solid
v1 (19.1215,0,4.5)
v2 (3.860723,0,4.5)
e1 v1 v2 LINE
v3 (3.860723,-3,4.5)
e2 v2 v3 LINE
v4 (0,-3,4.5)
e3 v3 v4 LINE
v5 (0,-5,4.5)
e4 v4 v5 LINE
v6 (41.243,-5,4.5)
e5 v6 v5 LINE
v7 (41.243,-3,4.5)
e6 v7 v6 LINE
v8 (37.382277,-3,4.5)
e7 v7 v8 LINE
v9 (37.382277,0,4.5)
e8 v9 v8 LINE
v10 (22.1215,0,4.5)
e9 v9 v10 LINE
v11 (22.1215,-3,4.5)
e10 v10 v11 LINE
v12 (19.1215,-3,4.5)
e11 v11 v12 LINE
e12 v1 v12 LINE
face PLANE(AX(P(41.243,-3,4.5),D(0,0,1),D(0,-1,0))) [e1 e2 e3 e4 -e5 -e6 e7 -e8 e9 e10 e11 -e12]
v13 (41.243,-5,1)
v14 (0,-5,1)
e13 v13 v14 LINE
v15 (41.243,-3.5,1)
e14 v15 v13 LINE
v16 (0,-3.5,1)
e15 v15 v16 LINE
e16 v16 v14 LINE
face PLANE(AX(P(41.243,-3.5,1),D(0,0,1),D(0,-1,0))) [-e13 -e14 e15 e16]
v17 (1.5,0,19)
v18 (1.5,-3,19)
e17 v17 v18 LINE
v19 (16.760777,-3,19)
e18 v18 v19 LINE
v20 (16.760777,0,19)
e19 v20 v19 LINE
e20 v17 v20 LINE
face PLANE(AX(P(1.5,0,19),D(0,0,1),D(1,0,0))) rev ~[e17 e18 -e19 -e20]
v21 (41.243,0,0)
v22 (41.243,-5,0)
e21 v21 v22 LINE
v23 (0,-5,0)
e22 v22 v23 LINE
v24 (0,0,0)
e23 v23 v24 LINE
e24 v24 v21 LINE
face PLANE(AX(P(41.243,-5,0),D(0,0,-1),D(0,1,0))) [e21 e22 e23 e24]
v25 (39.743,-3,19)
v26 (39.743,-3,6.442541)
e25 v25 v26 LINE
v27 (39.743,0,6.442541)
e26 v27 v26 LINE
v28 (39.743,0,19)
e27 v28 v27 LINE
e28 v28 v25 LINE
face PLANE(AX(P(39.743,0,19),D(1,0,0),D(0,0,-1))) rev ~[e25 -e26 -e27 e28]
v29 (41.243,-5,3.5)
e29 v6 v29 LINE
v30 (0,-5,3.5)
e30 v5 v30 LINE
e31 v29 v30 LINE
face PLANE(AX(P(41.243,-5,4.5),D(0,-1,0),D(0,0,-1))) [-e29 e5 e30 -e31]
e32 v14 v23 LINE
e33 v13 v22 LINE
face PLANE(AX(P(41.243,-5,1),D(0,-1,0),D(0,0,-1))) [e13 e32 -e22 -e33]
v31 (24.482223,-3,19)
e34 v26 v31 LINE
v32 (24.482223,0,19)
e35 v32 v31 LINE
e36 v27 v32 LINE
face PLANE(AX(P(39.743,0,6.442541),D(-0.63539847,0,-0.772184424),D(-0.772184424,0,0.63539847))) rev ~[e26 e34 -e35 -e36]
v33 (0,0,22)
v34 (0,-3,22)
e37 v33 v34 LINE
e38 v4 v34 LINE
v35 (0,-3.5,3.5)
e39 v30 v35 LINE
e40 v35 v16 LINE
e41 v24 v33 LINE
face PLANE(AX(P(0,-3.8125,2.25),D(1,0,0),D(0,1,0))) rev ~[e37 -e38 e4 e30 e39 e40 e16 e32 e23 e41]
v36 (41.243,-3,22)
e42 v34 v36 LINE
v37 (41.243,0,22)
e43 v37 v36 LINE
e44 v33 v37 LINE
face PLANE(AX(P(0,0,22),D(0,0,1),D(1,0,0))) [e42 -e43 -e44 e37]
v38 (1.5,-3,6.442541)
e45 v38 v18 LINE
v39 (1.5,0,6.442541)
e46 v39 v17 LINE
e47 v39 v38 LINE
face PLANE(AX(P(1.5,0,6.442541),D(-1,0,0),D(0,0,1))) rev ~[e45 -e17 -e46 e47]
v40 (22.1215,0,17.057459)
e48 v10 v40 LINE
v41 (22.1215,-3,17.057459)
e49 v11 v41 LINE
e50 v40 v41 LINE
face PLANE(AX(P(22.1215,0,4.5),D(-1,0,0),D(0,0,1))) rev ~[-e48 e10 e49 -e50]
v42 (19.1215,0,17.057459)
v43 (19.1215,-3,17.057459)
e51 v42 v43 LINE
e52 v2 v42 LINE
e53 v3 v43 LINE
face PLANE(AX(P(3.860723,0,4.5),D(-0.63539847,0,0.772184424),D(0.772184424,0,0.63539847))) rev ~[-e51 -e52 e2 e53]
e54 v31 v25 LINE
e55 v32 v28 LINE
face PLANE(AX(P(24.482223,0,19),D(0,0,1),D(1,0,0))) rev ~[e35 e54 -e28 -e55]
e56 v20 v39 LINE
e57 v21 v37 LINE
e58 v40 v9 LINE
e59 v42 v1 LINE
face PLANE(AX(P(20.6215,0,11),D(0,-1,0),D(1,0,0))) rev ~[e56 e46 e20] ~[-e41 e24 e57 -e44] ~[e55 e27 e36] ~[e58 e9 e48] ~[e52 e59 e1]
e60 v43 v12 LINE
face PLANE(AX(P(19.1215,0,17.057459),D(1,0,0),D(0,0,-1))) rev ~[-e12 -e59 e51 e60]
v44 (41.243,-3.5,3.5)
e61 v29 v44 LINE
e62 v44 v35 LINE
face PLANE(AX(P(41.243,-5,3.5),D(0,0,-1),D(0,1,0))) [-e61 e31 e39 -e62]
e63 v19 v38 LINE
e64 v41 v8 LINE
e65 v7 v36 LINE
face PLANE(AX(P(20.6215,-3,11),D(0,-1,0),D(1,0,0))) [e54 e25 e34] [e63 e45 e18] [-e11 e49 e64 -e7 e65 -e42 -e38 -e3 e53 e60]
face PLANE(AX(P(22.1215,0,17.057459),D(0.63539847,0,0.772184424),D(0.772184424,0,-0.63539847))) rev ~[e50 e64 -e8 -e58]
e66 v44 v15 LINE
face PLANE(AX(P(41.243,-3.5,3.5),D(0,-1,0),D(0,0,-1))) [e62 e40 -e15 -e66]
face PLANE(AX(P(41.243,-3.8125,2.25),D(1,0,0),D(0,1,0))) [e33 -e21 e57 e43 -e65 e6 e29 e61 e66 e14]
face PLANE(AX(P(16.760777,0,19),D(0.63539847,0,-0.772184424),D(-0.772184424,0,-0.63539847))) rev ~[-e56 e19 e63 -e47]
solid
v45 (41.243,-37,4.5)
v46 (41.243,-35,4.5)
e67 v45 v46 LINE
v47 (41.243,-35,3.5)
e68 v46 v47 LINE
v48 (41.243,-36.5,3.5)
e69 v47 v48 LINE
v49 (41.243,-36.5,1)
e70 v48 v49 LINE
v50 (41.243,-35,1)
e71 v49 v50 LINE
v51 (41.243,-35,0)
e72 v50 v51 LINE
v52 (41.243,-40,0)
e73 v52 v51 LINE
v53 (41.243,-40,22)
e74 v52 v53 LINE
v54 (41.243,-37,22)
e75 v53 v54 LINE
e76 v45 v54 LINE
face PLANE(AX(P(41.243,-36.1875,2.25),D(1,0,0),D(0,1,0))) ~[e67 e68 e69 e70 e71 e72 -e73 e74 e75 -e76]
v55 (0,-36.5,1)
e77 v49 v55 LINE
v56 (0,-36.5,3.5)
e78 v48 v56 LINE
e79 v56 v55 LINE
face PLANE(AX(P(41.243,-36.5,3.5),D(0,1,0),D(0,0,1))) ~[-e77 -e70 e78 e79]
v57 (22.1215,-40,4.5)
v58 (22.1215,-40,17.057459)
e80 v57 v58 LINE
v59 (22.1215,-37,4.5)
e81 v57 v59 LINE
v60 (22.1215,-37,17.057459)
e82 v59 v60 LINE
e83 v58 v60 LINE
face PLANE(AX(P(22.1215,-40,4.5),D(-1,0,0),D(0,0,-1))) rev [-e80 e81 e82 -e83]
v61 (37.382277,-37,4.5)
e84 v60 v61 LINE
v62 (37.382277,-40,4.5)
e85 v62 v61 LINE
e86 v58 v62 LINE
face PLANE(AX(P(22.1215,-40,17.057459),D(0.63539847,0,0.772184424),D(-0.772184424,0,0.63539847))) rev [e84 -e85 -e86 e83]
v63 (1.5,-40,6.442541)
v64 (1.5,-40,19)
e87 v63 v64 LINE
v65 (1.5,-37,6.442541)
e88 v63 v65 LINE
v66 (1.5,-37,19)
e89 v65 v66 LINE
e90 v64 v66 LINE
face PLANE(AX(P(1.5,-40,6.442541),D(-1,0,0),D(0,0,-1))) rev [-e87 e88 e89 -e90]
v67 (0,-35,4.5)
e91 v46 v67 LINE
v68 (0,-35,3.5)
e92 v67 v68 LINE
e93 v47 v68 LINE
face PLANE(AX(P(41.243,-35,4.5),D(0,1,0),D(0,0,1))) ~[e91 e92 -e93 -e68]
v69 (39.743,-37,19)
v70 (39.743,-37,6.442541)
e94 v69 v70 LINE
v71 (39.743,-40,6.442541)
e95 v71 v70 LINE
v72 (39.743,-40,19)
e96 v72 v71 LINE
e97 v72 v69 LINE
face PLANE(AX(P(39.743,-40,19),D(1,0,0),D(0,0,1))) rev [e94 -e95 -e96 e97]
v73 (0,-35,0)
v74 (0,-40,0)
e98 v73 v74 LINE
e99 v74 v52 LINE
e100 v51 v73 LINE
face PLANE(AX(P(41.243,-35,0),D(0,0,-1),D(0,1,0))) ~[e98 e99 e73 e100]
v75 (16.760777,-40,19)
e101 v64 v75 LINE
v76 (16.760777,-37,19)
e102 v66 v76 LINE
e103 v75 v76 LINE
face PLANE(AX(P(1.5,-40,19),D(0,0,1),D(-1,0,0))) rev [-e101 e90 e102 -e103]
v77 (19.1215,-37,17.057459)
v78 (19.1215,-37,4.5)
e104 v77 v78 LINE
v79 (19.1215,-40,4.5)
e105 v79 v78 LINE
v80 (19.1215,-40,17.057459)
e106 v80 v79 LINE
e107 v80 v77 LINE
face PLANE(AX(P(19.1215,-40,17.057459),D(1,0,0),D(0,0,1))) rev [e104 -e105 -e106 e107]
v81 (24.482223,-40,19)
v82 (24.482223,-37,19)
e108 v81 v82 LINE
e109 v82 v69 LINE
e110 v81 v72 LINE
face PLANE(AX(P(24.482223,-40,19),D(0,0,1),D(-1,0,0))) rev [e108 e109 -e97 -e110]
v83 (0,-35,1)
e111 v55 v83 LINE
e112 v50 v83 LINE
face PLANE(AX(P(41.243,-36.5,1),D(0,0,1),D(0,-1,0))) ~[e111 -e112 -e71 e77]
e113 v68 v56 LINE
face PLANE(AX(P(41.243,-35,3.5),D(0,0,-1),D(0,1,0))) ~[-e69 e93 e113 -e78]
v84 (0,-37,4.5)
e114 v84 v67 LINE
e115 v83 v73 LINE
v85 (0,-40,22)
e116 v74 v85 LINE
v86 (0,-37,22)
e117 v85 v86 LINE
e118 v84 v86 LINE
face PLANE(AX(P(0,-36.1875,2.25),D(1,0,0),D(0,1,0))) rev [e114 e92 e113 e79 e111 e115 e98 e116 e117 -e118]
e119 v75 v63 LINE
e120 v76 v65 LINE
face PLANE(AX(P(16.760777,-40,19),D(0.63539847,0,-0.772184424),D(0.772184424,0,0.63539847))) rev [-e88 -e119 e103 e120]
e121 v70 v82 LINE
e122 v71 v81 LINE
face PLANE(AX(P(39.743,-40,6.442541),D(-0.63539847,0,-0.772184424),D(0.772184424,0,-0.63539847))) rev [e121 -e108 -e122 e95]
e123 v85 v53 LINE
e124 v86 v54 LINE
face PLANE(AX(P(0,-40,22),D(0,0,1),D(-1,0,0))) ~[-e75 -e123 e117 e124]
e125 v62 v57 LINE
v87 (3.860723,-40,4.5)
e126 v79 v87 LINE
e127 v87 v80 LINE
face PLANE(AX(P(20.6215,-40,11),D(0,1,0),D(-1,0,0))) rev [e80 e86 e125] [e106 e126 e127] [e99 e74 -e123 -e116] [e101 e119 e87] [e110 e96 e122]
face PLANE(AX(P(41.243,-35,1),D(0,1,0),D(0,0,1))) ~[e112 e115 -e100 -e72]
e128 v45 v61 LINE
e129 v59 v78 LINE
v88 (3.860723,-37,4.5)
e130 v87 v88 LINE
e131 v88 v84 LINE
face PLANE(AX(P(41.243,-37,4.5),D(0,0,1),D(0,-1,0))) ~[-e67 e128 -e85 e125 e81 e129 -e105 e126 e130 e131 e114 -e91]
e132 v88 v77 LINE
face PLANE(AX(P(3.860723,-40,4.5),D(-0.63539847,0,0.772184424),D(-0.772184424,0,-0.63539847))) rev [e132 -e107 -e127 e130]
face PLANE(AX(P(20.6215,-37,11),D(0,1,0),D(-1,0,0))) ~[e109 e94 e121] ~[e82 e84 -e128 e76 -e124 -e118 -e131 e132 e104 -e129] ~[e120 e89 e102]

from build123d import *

# Parameters (mm, degrees)
F0_W     = 41.243
F0_H     = 22
F1_DEPTH = 3
F3_DEPTH = 41.243


with BuildPart() as f1:
    # F0 (on Front) → F1 (new body)
    with BuildSketch(Plane.XZ):
        with Locations((20.6215, 11)):
            Rectangle(F0_W, F0_H)
        Polygon((3.8607233419, 4.5), (19.1215, 17.0574588737), (19.1215, 4.5), align=None, mode=Mode.SUBTRACT)
        Polygon((22.1215, 17.0574588737), (37.3822766581, 4.5), (22.1215, 4.5), align=None, mode=Mode.SUBTRACT)
        Polygon((1.5, 6.4425411263), (1.5, 19), (16.7607766581, 19), align=None, mode=Mode.SUBTRACT)
        Polygon((24.4822233419, 19), (39.743, 19), (39.743, 6.4425411263), align=None, mode=Mode.SUBTRACT)
    extrude(amount=F1_DEPTH)

    # F2 (on face) → F3 (join, through all)
    with BuildSketch(Plane.YZ.offset(41.243)):
        Polygon((-5, 0), (-3, 0), (-3, 4.5), (-5, 4.5), (-5, 3.5), (-3.5, 3.5), (-3.5, 1), (-5, 1), align=None)
    extrude(amount=-F3_DEPTH)


with BuildPart() as f5_1:
    # F5: instance of F1
    add(f1.part.mirror(Plane.XZ.offset(20)))


solid = Compound([f1.part, f5_1.part])
